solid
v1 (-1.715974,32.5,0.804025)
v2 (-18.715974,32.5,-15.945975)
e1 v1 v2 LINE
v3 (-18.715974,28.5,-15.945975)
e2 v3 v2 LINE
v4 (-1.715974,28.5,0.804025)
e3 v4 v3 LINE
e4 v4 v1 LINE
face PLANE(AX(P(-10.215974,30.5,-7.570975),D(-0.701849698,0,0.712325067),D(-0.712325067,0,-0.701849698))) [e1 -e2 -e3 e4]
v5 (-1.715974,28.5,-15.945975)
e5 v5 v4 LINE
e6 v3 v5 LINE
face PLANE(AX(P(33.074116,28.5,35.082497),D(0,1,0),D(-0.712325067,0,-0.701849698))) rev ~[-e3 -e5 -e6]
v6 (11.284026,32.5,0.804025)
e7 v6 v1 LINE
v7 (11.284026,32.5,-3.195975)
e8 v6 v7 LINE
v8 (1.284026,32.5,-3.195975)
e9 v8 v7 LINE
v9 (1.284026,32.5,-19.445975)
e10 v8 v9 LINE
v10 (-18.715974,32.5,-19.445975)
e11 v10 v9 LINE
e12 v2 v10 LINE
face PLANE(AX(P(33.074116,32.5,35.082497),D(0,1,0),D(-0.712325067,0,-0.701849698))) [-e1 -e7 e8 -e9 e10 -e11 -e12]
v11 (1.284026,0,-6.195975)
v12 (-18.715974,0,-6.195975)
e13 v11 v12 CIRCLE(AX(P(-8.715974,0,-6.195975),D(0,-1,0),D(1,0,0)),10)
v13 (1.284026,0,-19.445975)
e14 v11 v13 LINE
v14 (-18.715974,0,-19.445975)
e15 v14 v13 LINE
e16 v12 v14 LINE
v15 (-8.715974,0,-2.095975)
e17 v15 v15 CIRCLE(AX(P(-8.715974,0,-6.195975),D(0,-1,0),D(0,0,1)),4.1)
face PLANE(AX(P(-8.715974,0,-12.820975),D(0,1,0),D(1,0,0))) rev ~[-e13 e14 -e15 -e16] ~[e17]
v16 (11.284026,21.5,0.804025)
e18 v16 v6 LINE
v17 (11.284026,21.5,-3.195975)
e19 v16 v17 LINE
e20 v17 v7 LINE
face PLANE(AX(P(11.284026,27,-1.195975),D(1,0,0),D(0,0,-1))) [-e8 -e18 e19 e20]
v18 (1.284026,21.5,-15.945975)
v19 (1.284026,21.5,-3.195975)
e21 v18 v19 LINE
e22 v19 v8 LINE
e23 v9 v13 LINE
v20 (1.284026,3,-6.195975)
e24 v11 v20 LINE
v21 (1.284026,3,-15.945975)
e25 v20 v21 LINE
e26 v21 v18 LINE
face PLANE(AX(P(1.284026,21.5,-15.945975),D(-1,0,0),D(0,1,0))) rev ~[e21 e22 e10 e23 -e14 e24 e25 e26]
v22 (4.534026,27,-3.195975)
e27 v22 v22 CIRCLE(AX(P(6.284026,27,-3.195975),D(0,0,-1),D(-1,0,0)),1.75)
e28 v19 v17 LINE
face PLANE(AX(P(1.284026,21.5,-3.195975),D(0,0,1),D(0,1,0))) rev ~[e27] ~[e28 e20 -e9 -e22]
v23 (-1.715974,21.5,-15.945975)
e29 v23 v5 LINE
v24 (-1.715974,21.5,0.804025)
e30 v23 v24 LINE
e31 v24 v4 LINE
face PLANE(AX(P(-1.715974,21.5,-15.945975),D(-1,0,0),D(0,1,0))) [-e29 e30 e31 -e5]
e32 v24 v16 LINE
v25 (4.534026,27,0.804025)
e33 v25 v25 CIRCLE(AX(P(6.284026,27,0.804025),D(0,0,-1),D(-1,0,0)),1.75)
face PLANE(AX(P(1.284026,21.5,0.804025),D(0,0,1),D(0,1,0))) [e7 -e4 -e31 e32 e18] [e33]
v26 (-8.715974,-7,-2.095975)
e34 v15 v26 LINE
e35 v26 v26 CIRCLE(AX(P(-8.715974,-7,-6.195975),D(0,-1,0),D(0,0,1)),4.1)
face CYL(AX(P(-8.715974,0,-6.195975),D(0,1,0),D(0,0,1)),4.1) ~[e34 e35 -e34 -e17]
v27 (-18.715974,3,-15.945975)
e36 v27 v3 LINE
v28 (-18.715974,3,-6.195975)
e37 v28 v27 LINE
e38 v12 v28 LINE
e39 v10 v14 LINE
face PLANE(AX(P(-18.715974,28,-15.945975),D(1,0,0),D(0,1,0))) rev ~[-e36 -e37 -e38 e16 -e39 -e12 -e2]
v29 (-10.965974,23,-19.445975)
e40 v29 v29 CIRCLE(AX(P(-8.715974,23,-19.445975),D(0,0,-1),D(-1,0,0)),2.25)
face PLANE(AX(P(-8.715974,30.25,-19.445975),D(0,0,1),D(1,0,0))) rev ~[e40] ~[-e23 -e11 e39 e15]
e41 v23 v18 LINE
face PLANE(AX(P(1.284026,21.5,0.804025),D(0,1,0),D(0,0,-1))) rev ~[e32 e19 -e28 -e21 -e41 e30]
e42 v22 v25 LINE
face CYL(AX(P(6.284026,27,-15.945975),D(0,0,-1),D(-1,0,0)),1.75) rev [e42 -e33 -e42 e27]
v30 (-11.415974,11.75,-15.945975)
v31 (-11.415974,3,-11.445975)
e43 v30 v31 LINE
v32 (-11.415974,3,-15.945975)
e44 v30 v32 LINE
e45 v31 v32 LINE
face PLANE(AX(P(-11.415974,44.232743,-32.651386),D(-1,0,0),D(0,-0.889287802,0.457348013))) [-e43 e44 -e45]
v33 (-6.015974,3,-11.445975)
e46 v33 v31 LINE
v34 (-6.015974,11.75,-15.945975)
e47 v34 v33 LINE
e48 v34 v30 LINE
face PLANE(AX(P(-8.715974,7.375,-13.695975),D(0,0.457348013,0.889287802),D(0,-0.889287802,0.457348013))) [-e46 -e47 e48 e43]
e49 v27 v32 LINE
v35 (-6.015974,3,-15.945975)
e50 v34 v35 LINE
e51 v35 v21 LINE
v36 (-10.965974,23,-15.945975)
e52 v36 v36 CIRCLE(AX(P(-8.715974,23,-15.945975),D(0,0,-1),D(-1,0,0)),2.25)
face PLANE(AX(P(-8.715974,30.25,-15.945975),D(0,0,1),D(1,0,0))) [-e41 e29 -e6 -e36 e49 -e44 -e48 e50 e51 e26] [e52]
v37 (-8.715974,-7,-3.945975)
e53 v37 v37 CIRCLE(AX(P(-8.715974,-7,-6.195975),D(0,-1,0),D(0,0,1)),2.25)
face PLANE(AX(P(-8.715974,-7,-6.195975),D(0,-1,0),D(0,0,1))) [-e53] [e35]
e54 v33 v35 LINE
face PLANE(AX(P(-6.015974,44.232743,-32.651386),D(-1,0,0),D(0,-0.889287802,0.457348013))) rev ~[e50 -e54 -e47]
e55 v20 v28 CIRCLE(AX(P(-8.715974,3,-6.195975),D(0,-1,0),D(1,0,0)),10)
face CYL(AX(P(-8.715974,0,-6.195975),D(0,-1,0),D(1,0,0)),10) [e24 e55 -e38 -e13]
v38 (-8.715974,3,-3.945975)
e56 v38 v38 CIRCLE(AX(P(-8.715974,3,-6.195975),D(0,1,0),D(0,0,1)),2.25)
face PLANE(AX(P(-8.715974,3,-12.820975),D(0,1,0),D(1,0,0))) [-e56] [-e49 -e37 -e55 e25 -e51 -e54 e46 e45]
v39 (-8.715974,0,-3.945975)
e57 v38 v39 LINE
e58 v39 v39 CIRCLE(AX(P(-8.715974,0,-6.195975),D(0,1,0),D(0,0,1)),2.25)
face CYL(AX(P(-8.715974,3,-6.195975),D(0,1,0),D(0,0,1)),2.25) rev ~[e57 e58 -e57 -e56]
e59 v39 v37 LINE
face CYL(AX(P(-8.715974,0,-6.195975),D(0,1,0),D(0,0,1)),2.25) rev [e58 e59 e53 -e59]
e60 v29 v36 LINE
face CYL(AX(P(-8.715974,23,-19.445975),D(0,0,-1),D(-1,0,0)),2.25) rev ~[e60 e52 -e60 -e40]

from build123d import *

# Parameters (mm, degrees)
CROQUIS1_W              = 20
CROQUIS1_H              = 13.25
SALIENTE_EXTRUIR1_DEPTH = 3
CROQUIS3_R              = 2.25
CORTAR_EXTRUIR1_DEPTH   = 3
CROQUIS7_W              = 20
CROQUIS7_H              = 3.5
SALIENTE_EXTRUIR4_DEPTH = 25
CROQUIS6_R              = 4.1
CROQUIS6_R_2            = 2.25
SALIENTE_EXTRUIR3_DEPTH = 7
CROQUIS8_R              = 2.25
CORTAR_EXTRUIR3_DEPTH   = 23
NERVIO6_REACH           = 37.527
CROQUIS20_WALL_W        = 82.892721144
CROQUIS20_WALL_H        = 5.4
CROQUIS28_W             = 20
CROQUIS28_H             = 4.5
SALIENTE_EXTRUIR6_DEPTH = 3.5
CROQUIS29_W             = 3
CROQUIS29_H             = 11
SALIENTE_EXTRUIR7_DEPTH = 16.75
CROQUIS31_W             = 4
CROQUIS31_H             = 11
SALIENTE_EXTRUIR8_DEPTH = 10
CROQUIS27_R             = 1.75
CORTAR_EXTRUIR5_DEPTH   = 24
NERVIO7_REACH           = 49.84
CROQUIS32_WALL_W        = 121.545885618
CROQUIS32_WALL_H        = 4


with BuildPart() as part:
    # Croquis1 → Saliente-Extruir1 (new body)
    with BuildSketch(Plane(origin=(0, 0, 0), x_dir=(1, 0, 0), z_dir=(0, 1, 0))):
        with Locations((-8.715974267, 12.820975022)):
            Rectangle(CROQUIS1_W, CROQUIS1_H)
        with BuildLine():
            Line((-18.715974267, 6.195975022), (1.284025733, 6.195975022))
            ThreePointArc((1.284025733, 6.195975022), (-8.715974267, -3.804024978), (-18.715974267, 6.195975022))
        make_face()
    extrude(amount=SALIENTE_EXTRUIR1_DEPTH)

    # Croquis3 → Cortar-Extruir1 (cut)
    with BuildSketch(Plane(origin=(0, 3, 0), x_dir=(1, 0, 0), z_dir=(0, 1, 0))):
        with Locations(Location((-8.715974267, 6.195975022, 0), (0, 0, 270))):
            Circle(CROQUIS3_R)
    extrude(amount=-CORTAR_EXTRUIR1_DEPTH, mode=Mode.SUBTRACT)

    # Croquis7 → Saliente-Extruir4 (add)
    with BuildSketch(Plane(origin=(0, 3, 0), x_dir=(1, 0, 0), z_dir=(0, 1, 0))):
        with Locations((-8.715974267, 17.695975022)):
            Rectangle(CROQUIS7_W, CROQUIS7_H)
    extrude(amount=SALIENTE_EXTRUIR4_DEPTH)

    # Croquis6 → Saliente-Extruir3 (add)
    with BuildSketch(Plane.XZ):
        with Locations(Location((-8.715974267, -6.195975022, 0), (0, 0, 90))):
            Circle(CROQUIS6_R)
        with Locations(Location((-8.715974267, -6.195975022, 0), (0, 0, 90))):
            Circle(CROQUIS6_R_2, mode=Mode.SUBTRACT)
    extrude(amount=SALIENTE_EXTRUIR3_DEPTH)

    # Croquis8 → Cortar-Extruir3 (cut)
    with BuildSketch(Plane(origin=(0, 0, -19.445975022), x_dir=(-1, 0, 0), z_dir=(0, 0, -1))):
        with Locations((8.715974267, 23)):
            Circle(CROQUIS8_R)
    extrude(amount=-CORTAR_EXTRUIR3_DEPTH, mode=Mode.SUBTRACT)

    # Croquis20 wall → Nervio6 (add, up to next)
    with BuildSketch(Plane(origin=(-8.715974267, 7.375, -13.695975022), x_dir=(0, -0.889287802318, 0.457348012621), z_dir=(0, 0.457348012621, 0.889287802318)), mode=Mode.PRIVATE) as nervio6_sk1:
        Rectangle(CROQUIS20_WALL_W, CROQUIS20_WALL_H)
    nervio6_tool1 = extrude(nervio6_sk1.sketch, amount=-NERVIO6_REACH, mode=Mode.PRIVATE) - part.part
    add(nervio6_tool1.solids().sort_by_distance((-8.715974267, 7.375, -13.695975022))[0])

    # Croquis28 → Saliente-Extruir6 (add)
    with BuildSketch(Plane.XY.offset(-15.945975022)):
        with Locations((-8.715974267, 30.25)):
            Rectangle(CROQUIS28_W, CROQUIS28_H)
    extrude(amount=-SALIENTE_EXTRUIR6_DEPTH)

    # Croquis29 → Saliente-Extruir7 (add)
    with BuildSketch(Plane.XY.offset(-15.945975022)):
        with Locations((-0.215974267, 27)):
            Rectangle(CROQUIS29_W, CROQUIS29_H)
    extrude(amount=SALIENTE_EXTRUIR7_DEPTH)

    # Croquis31 → Saliente-Extruir8 (add)
    with BuildSketch(Plane(origin=(1.284025733, 0, 0), x_dir=(0, 0, -1), z_dir=(1, 0, 0))):
        with Locations((1.195975022, 27)):
            Rectangle(CROQUIS31_W, CROQUIS31_H)
    extrude(amount=SALIENTE_EXTRUIR8_DEPTH)

    # Croquis27 → Cortar-Extruir5 (cut)
    with BuildSketch(Plane.XY.offset(-15.945975022)):
        with Locations(Location((6.284025733, 27, 0), (0, 0, 180))):
            Circle(CROQUIS27_R)
    extrude(amount=CORTAR_EXTRUIR5_DEPTH, mode=Mode.SUBTRACT)

    # Croquis32 wall → Nervio7 (add, up to next)
    with BuildSketch(Plane(origin=(-10.215974267, 32.5, -7.570975022), x_dir=(-0.712325066938, 0, -0.701849698306), z_dir=(-0.701849698306, 0, 0.712325066938)), mode=Mode.PRIVATE) as nervio7_sk1:
        with Locations((0, 2)):
            Rectangle(CROQUIS32_WALL_W, CROQUIS32_WALL_H)
    nervio7_tool1 = extrude(nervio7_sk1.sketch, amount=-NERVIO7_REACH, mode=Mode.PRIVATE) - part.part
    add(nervio7_tool1.solids().sort_by_distance((-10.215974267, 32.5, -7.570975022))[0])


solid = part.part
